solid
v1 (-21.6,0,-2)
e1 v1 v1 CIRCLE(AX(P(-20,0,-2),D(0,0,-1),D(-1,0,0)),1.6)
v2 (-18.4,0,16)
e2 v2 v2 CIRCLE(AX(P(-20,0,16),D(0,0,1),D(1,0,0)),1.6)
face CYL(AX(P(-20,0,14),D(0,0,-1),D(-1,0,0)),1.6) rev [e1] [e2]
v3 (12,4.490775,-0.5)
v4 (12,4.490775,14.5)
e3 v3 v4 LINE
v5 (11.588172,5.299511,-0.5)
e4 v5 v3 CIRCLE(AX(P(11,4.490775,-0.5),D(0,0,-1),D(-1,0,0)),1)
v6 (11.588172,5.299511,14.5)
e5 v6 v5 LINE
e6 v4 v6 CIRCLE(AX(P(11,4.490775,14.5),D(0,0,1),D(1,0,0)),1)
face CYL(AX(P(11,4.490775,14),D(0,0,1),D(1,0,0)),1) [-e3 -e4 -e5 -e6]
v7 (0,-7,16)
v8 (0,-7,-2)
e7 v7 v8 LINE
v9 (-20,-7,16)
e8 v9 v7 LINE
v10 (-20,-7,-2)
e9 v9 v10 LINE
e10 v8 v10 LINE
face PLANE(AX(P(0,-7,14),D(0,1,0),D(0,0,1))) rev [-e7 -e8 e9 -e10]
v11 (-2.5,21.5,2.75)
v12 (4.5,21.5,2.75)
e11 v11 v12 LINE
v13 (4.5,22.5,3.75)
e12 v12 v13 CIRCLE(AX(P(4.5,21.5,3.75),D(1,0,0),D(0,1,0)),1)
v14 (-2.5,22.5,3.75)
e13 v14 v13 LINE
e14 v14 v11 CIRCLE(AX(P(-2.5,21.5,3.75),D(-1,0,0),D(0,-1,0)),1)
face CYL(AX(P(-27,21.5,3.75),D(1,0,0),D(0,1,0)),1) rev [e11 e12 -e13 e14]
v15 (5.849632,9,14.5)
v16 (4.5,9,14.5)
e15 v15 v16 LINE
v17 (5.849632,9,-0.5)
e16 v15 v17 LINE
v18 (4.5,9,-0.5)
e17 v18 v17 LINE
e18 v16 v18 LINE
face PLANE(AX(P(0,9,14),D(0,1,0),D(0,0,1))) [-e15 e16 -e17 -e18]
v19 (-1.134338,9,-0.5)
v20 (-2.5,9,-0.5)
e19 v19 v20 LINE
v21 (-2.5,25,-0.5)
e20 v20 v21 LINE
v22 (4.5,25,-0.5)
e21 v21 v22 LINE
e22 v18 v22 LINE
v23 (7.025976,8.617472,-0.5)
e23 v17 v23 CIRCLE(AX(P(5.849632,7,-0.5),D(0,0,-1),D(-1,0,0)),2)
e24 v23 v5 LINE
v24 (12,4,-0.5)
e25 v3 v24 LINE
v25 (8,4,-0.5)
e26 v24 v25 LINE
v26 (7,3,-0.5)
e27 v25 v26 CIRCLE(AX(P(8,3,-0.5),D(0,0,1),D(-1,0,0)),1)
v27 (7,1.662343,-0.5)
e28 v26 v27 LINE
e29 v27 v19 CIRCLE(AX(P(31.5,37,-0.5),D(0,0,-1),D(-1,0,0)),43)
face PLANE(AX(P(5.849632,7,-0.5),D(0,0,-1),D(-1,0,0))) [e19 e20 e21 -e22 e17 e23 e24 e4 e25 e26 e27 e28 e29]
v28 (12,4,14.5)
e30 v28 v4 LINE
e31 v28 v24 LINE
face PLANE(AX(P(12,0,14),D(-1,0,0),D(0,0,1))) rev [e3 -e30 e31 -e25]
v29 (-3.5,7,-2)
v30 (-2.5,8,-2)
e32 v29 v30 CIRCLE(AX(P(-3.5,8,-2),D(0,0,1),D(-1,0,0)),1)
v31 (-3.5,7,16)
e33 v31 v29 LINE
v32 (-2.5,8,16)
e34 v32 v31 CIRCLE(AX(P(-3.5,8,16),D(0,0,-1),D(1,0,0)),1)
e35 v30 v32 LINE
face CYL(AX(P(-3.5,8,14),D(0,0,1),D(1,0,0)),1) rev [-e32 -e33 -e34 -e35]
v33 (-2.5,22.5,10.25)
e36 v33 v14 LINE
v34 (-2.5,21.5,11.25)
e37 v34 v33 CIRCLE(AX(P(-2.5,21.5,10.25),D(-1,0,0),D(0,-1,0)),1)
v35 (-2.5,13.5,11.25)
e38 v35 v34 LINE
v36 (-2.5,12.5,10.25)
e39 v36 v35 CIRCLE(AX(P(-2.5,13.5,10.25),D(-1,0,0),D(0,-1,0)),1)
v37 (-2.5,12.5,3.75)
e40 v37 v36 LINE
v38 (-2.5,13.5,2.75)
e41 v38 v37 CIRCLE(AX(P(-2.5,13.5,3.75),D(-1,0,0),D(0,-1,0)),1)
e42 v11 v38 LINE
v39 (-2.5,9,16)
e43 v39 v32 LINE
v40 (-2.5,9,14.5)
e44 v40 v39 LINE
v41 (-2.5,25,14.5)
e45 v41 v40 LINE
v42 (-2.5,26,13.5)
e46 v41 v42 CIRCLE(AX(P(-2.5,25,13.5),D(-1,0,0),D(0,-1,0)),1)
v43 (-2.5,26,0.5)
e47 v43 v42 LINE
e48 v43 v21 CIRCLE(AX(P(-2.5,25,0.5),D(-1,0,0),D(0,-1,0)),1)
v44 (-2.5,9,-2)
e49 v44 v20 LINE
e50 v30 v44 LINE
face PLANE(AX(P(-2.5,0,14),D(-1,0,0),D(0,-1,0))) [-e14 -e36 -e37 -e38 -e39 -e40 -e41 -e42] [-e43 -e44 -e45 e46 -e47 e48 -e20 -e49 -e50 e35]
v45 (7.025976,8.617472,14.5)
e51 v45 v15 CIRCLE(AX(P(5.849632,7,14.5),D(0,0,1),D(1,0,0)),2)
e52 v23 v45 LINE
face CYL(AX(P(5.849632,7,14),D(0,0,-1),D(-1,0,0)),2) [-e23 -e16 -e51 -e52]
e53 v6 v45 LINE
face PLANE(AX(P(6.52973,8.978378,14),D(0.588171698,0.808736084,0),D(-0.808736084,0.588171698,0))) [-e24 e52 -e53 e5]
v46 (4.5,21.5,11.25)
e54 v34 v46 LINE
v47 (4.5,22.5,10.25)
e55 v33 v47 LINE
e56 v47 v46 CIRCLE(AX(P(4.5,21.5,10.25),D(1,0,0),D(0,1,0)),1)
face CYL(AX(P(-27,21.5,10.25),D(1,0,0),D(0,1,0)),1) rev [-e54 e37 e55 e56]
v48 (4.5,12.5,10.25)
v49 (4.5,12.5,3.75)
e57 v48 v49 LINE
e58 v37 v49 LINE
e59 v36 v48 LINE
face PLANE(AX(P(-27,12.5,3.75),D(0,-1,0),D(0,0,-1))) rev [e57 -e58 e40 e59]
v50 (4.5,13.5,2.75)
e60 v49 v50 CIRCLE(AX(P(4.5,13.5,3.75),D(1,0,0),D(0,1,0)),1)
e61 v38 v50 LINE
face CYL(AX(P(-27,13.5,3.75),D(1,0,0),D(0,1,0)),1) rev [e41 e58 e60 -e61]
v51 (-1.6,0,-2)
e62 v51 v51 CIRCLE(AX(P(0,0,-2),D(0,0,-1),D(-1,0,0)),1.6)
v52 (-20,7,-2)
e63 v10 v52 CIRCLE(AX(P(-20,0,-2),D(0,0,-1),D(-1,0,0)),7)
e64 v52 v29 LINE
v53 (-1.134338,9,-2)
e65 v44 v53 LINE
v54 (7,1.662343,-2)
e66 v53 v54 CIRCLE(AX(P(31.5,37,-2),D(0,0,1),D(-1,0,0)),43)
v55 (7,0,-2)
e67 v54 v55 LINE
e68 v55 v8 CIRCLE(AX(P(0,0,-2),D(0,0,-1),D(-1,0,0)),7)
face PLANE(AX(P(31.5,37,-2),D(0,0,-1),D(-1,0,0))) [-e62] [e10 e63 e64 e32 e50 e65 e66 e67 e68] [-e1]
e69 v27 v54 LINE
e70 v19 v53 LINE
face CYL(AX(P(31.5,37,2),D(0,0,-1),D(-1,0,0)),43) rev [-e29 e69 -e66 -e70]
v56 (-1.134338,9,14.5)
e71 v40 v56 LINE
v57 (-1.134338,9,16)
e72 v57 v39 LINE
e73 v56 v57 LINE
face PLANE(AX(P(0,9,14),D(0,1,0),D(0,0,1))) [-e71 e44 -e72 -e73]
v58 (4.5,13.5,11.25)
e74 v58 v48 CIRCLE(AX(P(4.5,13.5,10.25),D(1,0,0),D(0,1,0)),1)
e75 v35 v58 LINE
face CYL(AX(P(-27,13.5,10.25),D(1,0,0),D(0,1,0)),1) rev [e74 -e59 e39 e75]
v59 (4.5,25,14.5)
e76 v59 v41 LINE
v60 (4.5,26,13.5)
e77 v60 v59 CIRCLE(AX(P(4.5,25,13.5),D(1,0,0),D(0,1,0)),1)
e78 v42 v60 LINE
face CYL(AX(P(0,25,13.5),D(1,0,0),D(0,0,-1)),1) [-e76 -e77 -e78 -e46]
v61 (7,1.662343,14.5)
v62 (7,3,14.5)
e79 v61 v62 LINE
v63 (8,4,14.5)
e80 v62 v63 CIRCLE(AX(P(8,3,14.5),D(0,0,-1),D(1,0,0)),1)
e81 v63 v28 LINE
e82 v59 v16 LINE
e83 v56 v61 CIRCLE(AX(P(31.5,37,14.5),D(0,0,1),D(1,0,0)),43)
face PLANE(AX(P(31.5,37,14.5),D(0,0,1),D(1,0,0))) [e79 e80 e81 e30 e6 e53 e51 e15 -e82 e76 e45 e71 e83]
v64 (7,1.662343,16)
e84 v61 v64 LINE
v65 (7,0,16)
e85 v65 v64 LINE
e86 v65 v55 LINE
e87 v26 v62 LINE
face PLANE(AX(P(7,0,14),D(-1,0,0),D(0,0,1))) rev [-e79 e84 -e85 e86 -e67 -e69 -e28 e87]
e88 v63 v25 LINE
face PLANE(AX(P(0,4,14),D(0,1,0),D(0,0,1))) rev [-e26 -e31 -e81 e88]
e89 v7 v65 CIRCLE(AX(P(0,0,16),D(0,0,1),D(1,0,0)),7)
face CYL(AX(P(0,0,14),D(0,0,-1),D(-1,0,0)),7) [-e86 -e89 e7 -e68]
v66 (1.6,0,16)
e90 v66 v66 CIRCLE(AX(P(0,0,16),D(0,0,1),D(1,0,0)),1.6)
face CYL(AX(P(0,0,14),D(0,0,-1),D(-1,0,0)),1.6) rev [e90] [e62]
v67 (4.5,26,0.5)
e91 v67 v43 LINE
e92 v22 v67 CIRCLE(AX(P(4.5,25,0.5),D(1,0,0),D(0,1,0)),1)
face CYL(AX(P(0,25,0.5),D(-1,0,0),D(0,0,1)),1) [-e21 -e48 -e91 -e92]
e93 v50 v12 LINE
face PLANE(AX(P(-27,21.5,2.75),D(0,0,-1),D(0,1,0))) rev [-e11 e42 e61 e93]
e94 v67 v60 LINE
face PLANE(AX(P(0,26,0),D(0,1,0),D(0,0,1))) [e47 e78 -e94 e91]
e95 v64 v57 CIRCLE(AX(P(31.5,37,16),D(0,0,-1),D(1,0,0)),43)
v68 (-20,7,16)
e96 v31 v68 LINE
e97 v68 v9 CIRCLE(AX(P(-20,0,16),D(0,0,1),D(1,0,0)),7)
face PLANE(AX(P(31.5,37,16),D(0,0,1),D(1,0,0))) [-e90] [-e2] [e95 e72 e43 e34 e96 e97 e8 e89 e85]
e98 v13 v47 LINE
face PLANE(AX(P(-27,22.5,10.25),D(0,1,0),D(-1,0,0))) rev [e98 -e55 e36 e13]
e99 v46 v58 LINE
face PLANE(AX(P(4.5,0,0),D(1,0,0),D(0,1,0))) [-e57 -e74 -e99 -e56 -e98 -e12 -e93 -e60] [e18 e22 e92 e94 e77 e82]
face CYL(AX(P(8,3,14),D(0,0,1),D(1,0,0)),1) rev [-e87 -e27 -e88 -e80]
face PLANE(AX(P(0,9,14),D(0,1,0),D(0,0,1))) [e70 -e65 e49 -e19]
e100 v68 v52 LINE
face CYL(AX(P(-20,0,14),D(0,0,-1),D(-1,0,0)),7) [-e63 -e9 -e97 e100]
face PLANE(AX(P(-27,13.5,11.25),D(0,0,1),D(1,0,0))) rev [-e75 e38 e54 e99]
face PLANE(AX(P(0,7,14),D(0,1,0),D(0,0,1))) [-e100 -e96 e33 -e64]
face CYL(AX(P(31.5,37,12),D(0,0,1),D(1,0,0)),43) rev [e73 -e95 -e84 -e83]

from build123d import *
from build123d.topology import SkipClean

# Parameters (mm, degrees)
SKETCH_1_R          = 7
SKETCH_1_R_2        = 1.6
EXTRUDE_1_DEPTH     = 14
FILLET_2_R          = 1
FILLET_4_R          = 2
FILLET_5_R          = 1
CUT_EXTRUDE_1_DEPTH = 10
SKETCH_4_R          = 43
SKETCH_4_W          = 56
SKETCH_4_H          = 56
CUT_EXTRUDE_2_DEPTH = 2
SKETCH_5_R          = 1.6
EXTRUDE_3_DEPTH     = 2
EXTRUDE_START       = 2
SKETCH_6_R          = 1.6
EXTRUDE_4_DEPTH     = 2
EXTRUDE_START_2     = 2.5
EXTRUDE_6_DEPTH     = 2.5
EXTRUDE_7_DEPTH     = 2.5
CUT_EXTRUDE_3_DEPTH = 43.558782877
SKETCH_15_W         = 6
SKETCH_15_H         = 15
EXTRUDE_10_DEPTH    = 1
EXTRUDE_START_3     = 1
SKETCH_14_W         = 15
SKETCH_14_H         = 17
EXTRUDE_9_DEPTH     = 1
FILLET_6_R          = 1


with BuildPart() as part:
    # 草图1 → 凸台-拉伸1 (new body)
    # profile 1 of 3: a face of its own
    with BuildSketch(Plane.XY):
        with BuildLine():
            Line((-2.5, 7), (-20, 7))
            ThreePointArc((-20, 7), (-15.050252532, 4.949747468), (-13, 0))
            ThreePointArc((-13, 0), (-15.050252532, -4.949747468), (-20, -7))
            Line((-20, -7), (0, -7))
            ThreePointArc((0, -7), (-4.949747468, 4.949747468), (7, 0))
            Line((7, 0), (7, 4))
            Line((7, 4), (12, 4))
            Line((12, 4), (12, 5))
            Line((12, 5), (6.5, 9))
            Line((6.5, 9), (3.5, 9))
            Line((3.5, 9), (3.5, 26))
            Line((3.5, 26), (-2.5, 26))
            Line((-2.5, 26), (-2.5, 7))
        make_face()
    # profile 2 of 3: a face of its own
    with BuildSketch(Plane.XY):
        Circle(SKETCH_1_R)
        Circle(SKETCH_1_R_2, mode=Mode.SUBTRACT)
    # profile 3 of 3: a face of its own
    with BuildSketch(Plane.XY):
        with Locations((-20, 0)):
            Circle(SKETCH_1_R)
        with Locations((-20, 0)):
            Circle(SKETCH_1_R_2, mode=Mode.SUBTRACT)
    extrude(amount=EXTRUDE_1_DEPTH)

    # 圆角2
    fillet_2_edges = [part.edges().sort_by_distance(p)[0] for p in [
        (-2.5, 7, 7),
        (7, 4, 7),
    ]]
    fillet(fillet_2_edges, radius=FILLET_2_R)

    # 圆角4
    fillet_4_edges = [part.edges().sort_by_distance(p)[0] for p in [
        (6.5, 9, 7),
    ]]
    fillet(fillet_4_edges, radius=FILLET_4_R)

    # 圆角5
    fillet_5_edges = [part.edges().sort_by_distance(p)[0] for p in [
        (12, 5, 7),
    ]]
    fillet(fillet_5_edges, radius=FILLET_5_R)

    # 草图2 → 切除-拉伸1 (cut)
    with BuildSketch(Plane(origin=(3.5, 0, 0), x_dir=(0, 0, -1), z_dir=(1, 0, 0))):
        Polygon((-12, 9), (-14, 9), (-14, 26), (0, 26), (0, 9), (-2, 9), (-2, 25), (-12, 25), align=None)
    extrude(amount=-CUT_EXTRUDE_1_DEPTH, mode=Mode.SUBTRACT)

    # 草图4 → 切除-拉伸2 (cut)
    with BuildSketch(Plane.XY.offset(14)):
        with Locations((31.5, 37)):
            Circle(SKETCH_4_R)
        with Locations((31.5, 37)):
            Rectangle(SKETCH_4_W, SKETCH_4_H, mode=Mode.SUBTRACT)
    cut_extrude_2 = extrude(amount=-CUT_EXTRUDE_2_DEPTH, mode=Mode.SUBTRACT)

    # 镜向1: 切除-拉伸2 across plane
    add(cut_extrude_2.mirror(Plane.XY.offset(7)), mode=Mode.SUBTRACT)

    # 草图5 → 凸台-拉伸3 (add)
    with SkipClean():  # the faces are left unmerged after this step: merging them gives an invalid solid
        with BuildSketch(Plane.XY.offset(14)):
            with BuildLine():
                Line((-1.134337744, 9), (-2.5, 9))
                Line((-2.5, 9), (-2.5, 8))
                ThreePointArc((-2.5, 8), (-2.792893219, 7.292893219), (-3.5, 7))
                Line((-3.5, 7), (-20, 7))
                ThreePointArc((-20, 7), (-27, 0), (-20, -7))
                Line((-20, -7), (0, -7))
                ThreePointArc((0, -7), (4.949747468, -4.949747468), (7, 0))
                Line((7, 0), (7, 1.662343032))
                ThreePointArc((7, 1.662343032), (2.698204226, 5.071070168), (-1.134337744, 9))
            make_face()
            Circle(SKETCH_5_R, mode=Mode.SUBTRACT)
            with Locations((-20, 0)):
                Circle(SKETCH_5_R, mode=Mode.SUBTRACT)
        extrude(amount=EXTRUDE_3_DEPTH)

    # 草图6 → 凸台-拉伸4 (add)
    with SkipClean():  # the faces are left unmerged after this step: merging them gives an invalid solid
        with BuildSketch(Plane(origin=(0, 0, 0), x_dir=(-1, 0, 0), z_dir=(0, 0, -1)).offset(EXTRUDE_START)):
            with BuildLine():
                Line((-7, 1.662343032), (-7, 0))
                ThreePointArc((-7, 0), (-4.949747468, -4.949747468), (0, -7))
                Line((0, -7), (20, -7))
                ThreePointArc((20, -7), (27, 0), (20, 7))
                Line((20, 7), (3.5, 7))
                ThreePointArc((3.5, 7), (2.792893219, 7.292893219), (2.5, 8))
                Line((2.5, 8), (2.5, 9))
                Line((2.5, 9), (1.134337744, 9))
                ThreePointArc((1.134337744, 9), (-2.698204226, 5.071070168), (-7, 1.662343032))
            make_face()
            with Locations((20, 0)):
                Circle(SKETCH_6_R, mode=Mode.SUBTRACT)
            Circle(SKETCH_6_R, mode=Mode.SUBTRACT)
        extrude(amount=-EXTRUDE_4_DEPTH)

    # 草图8 → 凸台-拉伸6 (add)
    with BuildSketch(Plane.XY.offset(12).offset(EXTRUDE_START_2)):
        with BuildLine():
            Line((-2.5, 9), (-1.134337744, 9))
            ThreePointArc((-1.134337744, 9), (2.698204226, 5.071070168), (7, 1.662343032))
            Line((7, 1.662343032), (7, 3))
            ThreePointArc((7, 3), (7.292893219, 3.707106781), (8, 4))
            Line((8, 4), (12, 4))
            Line((12, 4), (12, 4.490775408))
            ThreePointArc((12, 4.490775408), (11.891114947, 4.944553053), (11.588171698, 5.299511493))
            Line((11.588171698, 5.299511493), (7.025975768, 8.617472169))
            ThreePointArc((7.025975768, 8.617472169), (6.468120717, 8.901965344), (5.849632373, 9))
            Line((5.849632373, 9), (3.5, 9))
            Line((3.5, 9), (3.5, 25))
            Line((3.5, 25), (-2.5, 25))
            Line((-2.5, 25), (-2.5, 9))
        make_face()
    extrude(amount=-EXTRUDE_6_DEPTH)

    # 草图9 → 凸台-拉伸7 (add)
    with BuildSketch(Plane(origin=(0, 0, 2), x_dir=(-1, 0, 0), z_dir=(0, 0, -1))):
        with BuildLine():
            Line((-3.5, 25), (-3.5, 9))
            Line((-3.5, 9), (-5.849632373, 9))
            ThreePointArc((-5.849632373, 9), (-6.468120717, 8.901965344), (-7.025975768, 8.617472169))
            Line((-7.025975768, 8.617472169), (-11.588171698, 5.299511493))
            ThreePointArc((-11.588171698, 5.299511493), (-11.891114947, 4.944553053), (-12, 4.490775408))
            Line((-12, 4.490775408), (-12, 4))
            Line((-12, 4), (-8, 4))
            ThreePointArc((-8, 4), (-7.292893219, 3.707106781), (-7, 3))
            Line((-7, 3), (-7, 1.662343032))
            ThreePointArc((-7, 1.662343032), (-2.698204226, 5.071070168), (1.134337744, 9))
            Line((1.134337744, 9), (2.5, 9))
            Line((2.5, 9), (2.5, 25))
            Line((2.5, 25), (-3.5, 25))
        make_face()
    extrude(amount=EXTRUDE_7_DEPTH)

    # 草图13 → 切除-拉伸3 (cut, through all)
    with BuildSketch(Plane(origin=(3.5, 0, 0), x_dir=(0, 0, -1), z_dir=(1, 0, 0))):
        with BuildLine():
            Line((-10.25, 22.5), (-3.75, 22.5))
            ThreePointArc((-3.75, 22.5), (-3.042893219, 22.207106781), (-2.75, 21.5))
            Line((-2.75, 21.5), (-2.75, 13.5))
            ThreePointArc((-2.75, 13.5), (-3.042893219, 12.792893219), (-3.75, 12.5))
            Line((-3.75, 12.5), (-10.25, 12.5))
            ThreePointArc((-10.25, 12.5), (-10.957106781, 12.792893219), (-11.25, 13.5))
            Line((-11.25, 13.5), (-11.25, 21.5))
            ThreePointArc((-11.25, 21.5), (-10.957106781, 22.207106781), (-10.25, 22.5))
        make_face()
    extrude(amount=-CUT_EXTRUDE_3_DEPTH, mode=Mode.SUBTRACT)

    # 草图15 → 凸台-拉伸10 (add)
    with BuildSketch(Plane(origin=(0, 25, 0), x_dir=(1, 0, 0), z_dir=(0, 1, 0))):
        with Locations((0.5, -7)):
            Rectangle(SKETCH_15_W, SKETCH_15_H)
    extrude(amount=EXTRUDE_10_DEPTH)

    # 草图14 → 凸台-拉伸9 (add)
    with BuildSketch(Plane(origin=(3.5, 0, 0), x_dir=(0, 0, -1), z_dir=(1, 0, 0)).offset(EXTRUDE_START_3)):
        with Locations((-7, 17.5)):
            Rectangle(SKETCH_14_W, SKETCH_14_H)
        with BuildLine():
            Line((-2.75, 13.5), (-2.75, 21.5))
            ThreePointArc((-2.75, 21.5), (-3.042893219, 22.207106781), (-3.75, 22.5))
            Line((-3.75, 22.5), (-10.25, 22.5))
            ThreePointArc((-10.25, 22.5), (-10.957106781, 22.207106781), (-11.25, 21.5))
            Line((-11.25, 21.5), (-11.25, 13.5))
            ThreePointArc((-11.25, 13.5), (-10.957106781, 12.792893219), (-10.25, 12.5))
            Line((-10.25, 12.5), (-3.75, 12.5))
            ThreePointArc((-3.75, 12.5), (-3.042893219, 12.792893219), (-2.75, 13.5))
        make_face(mode=Mode.SUBTRACT)
    extrude(amount=-EXTRUDE_9_DEPTH)

    # 圆角6
    fillet_6_edges = [part.edges().sort_by_distance(p)[0] for p in [
        (1, 26, -0.5),
        (1, 26, 14.5),
    ]]
    fillet(fillet_6_edges, radius=FILLET_6_R)


solid = part.part
